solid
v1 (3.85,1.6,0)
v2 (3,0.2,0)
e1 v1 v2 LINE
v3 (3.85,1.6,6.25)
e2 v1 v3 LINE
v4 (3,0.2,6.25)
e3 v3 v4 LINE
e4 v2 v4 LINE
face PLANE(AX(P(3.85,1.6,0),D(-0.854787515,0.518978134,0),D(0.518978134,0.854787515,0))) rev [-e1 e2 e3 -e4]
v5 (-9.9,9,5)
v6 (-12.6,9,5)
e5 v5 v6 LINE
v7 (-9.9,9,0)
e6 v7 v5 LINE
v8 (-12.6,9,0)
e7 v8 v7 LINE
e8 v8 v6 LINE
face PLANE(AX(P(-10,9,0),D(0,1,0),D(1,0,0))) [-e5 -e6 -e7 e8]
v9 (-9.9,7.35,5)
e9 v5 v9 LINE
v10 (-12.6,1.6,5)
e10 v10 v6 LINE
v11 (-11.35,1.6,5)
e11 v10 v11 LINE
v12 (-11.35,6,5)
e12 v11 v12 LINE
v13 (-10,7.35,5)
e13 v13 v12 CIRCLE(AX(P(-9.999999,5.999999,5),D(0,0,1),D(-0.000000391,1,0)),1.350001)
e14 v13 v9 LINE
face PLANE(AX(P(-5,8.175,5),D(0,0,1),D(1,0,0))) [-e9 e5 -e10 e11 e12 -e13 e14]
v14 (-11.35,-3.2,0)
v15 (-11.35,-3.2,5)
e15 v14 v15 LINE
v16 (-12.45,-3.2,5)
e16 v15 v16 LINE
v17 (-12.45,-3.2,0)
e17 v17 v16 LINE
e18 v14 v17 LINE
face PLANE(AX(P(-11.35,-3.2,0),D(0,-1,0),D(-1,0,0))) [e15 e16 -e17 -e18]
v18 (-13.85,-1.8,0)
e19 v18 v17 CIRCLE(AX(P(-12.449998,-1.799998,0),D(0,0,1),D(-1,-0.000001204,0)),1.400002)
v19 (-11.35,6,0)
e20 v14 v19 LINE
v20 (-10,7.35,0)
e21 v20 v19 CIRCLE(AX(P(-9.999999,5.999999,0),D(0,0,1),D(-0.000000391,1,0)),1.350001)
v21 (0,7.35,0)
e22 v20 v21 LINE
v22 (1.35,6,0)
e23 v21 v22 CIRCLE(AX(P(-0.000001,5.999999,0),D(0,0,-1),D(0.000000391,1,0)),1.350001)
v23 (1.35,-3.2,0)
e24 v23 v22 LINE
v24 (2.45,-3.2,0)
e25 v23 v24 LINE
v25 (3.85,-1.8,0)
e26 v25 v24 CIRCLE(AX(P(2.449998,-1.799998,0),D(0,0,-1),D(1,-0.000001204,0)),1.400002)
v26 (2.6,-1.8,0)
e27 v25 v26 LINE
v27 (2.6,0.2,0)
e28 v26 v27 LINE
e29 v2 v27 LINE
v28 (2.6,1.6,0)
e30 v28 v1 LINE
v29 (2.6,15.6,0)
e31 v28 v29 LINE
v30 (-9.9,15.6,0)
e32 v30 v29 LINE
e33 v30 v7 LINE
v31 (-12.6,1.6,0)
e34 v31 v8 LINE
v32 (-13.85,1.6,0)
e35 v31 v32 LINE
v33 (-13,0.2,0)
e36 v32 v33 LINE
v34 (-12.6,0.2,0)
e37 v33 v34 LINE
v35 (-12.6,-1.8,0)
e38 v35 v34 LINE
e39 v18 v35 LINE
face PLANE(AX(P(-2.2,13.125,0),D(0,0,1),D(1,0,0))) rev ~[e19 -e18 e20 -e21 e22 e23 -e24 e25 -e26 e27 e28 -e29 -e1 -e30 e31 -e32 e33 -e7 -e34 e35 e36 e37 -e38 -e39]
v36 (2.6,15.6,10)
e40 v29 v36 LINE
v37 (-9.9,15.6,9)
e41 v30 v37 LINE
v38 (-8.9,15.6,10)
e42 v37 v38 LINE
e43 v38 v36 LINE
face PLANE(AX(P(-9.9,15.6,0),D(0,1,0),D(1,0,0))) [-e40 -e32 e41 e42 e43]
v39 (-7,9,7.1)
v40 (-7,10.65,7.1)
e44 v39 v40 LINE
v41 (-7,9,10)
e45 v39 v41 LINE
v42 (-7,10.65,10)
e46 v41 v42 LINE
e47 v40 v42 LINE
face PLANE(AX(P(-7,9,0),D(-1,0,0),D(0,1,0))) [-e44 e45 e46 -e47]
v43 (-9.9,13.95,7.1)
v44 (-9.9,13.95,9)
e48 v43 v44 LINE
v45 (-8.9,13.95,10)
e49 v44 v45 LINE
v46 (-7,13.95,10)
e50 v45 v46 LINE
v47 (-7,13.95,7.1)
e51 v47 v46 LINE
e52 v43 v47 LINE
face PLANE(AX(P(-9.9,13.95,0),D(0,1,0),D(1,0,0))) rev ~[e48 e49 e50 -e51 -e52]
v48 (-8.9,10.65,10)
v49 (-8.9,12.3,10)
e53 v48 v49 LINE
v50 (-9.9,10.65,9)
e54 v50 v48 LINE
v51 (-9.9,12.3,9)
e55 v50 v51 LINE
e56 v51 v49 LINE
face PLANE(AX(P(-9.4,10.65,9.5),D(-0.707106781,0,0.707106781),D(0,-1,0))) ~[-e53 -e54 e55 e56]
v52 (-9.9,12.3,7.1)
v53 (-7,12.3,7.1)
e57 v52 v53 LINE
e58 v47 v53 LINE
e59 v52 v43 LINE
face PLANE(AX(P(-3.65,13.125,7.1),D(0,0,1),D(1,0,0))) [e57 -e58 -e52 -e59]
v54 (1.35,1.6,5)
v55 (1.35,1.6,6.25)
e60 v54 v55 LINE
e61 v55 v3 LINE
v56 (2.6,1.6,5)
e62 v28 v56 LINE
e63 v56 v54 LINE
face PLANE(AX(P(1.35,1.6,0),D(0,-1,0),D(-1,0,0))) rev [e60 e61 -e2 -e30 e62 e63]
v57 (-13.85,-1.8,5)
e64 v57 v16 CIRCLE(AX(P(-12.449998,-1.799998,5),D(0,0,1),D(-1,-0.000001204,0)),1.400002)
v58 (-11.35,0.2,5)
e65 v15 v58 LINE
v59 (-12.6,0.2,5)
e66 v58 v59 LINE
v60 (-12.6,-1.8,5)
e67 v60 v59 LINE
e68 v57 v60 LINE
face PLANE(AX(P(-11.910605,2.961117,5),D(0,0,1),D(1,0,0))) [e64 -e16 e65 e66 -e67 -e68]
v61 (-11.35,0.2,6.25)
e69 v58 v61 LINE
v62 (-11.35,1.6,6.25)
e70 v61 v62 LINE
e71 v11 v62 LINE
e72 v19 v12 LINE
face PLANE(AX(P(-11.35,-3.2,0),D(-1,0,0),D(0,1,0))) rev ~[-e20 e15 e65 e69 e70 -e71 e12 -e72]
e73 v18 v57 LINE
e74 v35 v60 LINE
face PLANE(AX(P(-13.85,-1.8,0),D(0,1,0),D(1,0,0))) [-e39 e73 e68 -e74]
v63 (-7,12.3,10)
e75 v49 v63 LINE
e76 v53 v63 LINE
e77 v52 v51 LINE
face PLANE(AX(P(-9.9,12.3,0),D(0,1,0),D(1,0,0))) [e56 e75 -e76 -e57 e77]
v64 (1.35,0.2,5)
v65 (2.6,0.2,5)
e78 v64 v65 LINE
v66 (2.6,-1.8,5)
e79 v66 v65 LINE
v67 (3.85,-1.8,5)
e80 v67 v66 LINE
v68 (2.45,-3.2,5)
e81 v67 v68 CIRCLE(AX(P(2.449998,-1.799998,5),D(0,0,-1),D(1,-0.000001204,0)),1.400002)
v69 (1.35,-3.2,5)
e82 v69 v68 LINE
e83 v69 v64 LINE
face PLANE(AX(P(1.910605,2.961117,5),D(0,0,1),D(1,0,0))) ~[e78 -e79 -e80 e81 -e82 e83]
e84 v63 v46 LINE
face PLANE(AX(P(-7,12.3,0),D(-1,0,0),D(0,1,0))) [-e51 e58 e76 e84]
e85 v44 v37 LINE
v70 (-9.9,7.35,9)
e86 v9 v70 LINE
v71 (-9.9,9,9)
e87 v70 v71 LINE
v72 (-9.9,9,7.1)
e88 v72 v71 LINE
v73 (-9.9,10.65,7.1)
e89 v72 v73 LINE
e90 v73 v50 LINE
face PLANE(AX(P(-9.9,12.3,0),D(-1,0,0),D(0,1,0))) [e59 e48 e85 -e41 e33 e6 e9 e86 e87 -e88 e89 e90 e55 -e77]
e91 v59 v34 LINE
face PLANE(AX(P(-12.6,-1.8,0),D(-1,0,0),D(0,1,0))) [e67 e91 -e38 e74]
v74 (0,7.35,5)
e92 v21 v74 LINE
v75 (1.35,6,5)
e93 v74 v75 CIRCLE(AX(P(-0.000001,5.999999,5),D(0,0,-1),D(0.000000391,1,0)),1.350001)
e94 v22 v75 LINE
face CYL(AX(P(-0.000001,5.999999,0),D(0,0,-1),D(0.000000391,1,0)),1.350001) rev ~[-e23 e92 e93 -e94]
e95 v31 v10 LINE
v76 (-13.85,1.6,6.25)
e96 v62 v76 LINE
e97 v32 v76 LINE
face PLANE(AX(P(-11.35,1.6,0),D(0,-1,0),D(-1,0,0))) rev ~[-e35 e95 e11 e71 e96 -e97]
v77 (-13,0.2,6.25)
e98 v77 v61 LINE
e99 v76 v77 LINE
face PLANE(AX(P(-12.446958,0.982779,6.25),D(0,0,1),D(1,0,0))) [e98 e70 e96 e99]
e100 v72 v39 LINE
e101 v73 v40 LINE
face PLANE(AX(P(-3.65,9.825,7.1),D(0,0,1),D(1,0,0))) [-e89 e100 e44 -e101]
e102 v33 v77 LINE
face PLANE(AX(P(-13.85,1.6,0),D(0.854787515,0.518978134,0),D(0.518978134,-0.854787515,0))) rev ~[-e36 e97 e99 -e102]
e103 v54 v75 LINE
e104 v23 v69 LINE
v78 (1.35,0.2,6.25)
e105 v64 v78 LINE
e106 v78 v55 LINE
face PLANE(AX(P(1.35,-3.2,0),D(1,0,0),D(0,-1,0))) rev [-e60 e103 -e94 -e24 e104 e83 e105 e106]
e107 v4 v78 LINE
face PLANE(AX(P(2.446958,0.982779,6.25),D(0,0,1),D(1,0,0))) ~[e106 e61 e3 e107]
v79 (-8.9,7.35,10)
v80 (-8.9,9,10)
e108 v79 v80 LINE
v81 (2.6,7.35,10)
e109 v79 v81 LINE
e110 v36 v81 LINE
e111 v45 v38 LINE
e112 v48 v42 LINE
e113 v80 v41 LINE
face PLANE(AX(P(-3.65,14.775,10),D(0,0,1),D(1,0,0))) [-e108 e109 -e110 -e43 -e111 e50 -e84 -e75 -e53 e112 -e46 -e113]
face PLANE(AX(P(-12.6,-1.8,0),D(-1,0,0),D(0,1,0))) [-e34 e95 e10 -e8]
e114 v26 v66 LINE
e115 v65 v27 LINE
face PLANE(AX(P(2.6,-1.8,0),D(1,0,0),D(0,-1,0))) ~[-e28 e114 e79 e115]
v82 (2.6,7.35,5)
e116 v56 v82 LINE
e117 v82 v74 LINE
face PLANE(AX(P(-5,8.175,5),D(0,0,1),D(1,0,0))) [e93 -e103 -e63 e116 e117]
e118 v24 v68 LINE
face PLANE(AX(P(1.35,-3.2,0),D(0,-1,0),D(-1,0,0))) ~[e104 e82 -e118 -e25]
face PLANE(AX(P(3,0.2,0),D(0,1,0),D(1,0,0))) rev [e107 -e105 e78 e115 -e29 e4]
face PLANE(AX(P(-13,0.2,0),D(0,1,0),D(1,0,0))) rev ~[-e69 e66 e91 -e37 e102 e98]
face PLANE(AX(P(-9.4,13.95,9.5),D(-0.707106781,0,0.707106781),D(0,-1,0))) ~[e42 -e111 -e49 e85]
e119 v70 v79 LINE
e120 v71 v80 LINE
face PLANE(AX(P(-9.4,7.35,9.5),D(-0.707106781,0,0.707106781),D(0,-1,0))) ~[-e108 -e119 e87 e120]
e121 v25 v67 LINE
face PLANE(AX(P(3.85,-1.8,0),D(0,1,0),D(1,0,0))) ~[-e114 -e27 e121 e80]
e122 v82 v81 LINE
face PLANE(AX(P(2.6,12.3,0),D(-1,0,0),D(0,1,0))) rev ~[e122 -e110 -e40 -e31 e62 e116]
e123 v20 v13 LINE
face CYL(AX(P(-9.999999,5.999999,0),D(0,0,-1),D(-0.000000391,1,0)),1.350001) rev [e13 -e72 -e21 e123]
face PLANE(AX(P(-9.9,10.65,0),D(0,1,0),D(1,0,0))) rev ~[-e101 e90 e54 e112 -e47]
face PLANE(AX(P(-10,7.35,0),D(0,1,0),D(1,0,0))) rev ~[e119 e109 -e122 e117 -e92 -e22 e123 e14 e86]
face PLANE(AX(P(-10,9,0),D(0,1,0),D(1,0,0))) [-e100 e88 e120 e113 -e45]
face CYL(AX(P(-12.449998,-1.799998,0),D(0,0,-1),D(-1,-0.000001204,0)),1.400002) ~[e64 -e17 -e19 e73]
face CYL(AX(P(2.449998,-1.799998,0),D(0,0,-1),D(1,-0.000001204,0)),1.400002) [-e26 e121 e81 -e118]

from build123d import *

# Parameters (mm, degrees)
PAD017_DEPTH           = 5
PAD020_DEPTH           = 6.25
SKETCH038_W            = 10
SKETCH038_H            = 1.65
PAD021_DEPTH           = 5
SKETCH078_W            = 12.5
SKETCH078_H            = 1.65
PAD047_DEPTH           = 10
SKETCH076_W            = 9.6
SKETCH076_H            = 1.65
PAD048_DEPTH           = 10
SKETCH075_W            = 12.5
SKETCH075_H            = 1.65
PAD049_DEPTH           = 7.1
SKETCH077_W            = 12.5
SKETCH077_H            = 1.65
PAD050_DEPTH           = 10
LINEARPATTERN017_COUNT = 2
LINEARPATTERN017_PITCH = 3.3
CHAMFER007_SIZE        = 1


with BuildPart() as bc_c:
    # Sketch034 → Pad017 (new body)
    with BuildSketch(Plane.XY):
        with BuildLine():
            Line((-1.35, -1.8), (-1.35, 6))
            ThreePointArc((0, 7.35), (-0.954594, 6.954594), (-1.35, 6))
            Line((0, 9), (0, 7.35))
            Line((-2.6, 9), (0, 9))
            Line((-2.6, -1.8), (-2.6, 9))
            Line((-3.85, -1.8), (-2.6, -1.8))
            ThreePointArc((-3.85, -1.8), (-3.439949, -2.789949), (-2.45, -3.2))
            Line((-1.35, -3.2), (-2.45, -3.2))
            Line((-1.35, -1.8), (-1.35, -3.2))
        make_face()
    extrude(amount=PAD017_DEPTH)

    # Sketch037 → Pad020 (join)
    with BuildSketch(Plane.XY):
        Polygon((-1.35, 0.2), (-1.35, 1.6), (-2.6, 1.6), (-3.85, 1.6), (-3, 0.2), (-2.6, 0.2), align=None)
    extrude(amount=PAD020_DEPTH)


with BuildPart() as body032:
    # Mirror002: instance of _bc_c
    add(bc_c.part.mirror(Plane(origin=(5, 0, 0), x_dir=(0, 1, 0), z_dir=(-1, 0, 0))))

    # Fusion002: union _bc_c
    add(bc_c.part)


with BuildPart() as body032_1:
    # Clone003 placement: moved
    add(body032.part.moved(Location((-5, 0, 0))))

    # Sketch038 → Pad021 (new body)
    with BuildSketch(Plane.XY):
        with Locations((0, 8.175)):
            Rectangle(SKETCH038_W, SKETCH038_H)
    extrude(amount=PAD021_DEPTH)

    # Sketch078 → Pad047 (new body)
    with BuildSketch(Plane.XY):
        with Locations((1.35, 8.175)):
            Rectangle(SKETCH078_W, SKETCH078_H)
    extrude(amount=PAD047_DEPTH)

    # Sketch076 → Pad048 (join)
    with BuildSketch(Plane.XY):
        with Locations((2.8, 9.825)):
            Rectangle(SKETCH076_W, SKETCH076_H)
    pad048 = extrude(amount=PAD048_DEPTH)

    # Sketch075 → Pad049 (join)
    with BuildSketch(Plane.XY):
        with Locations((1.35, 9.825)):
            Rectangle(SKETCH075_W, SKETCH075_H)
    pad049 = extrude(amount=PAD049_DEPTH)

    # Sketch077 → Pad050 (join)
    with BuildSketch(Plane.XY):
        with Locations((1.35, 11.475)):
            Rectangle(SKETCH077_W, SKETCH077_H)
    pad050 = extrude(amount=PAD050_DEPTH)

    # LinearPattern017: Pad050, Pad049, Pad048 ×2
    with Locations(*[(0, i * LINEARPATTERN017_PITCH, 0) for i in range(1, LINEARPATTERN017_COUNT)]):
        add(pad050)
        add(pad049)
        add(pad048)

    # Chamfer007
    chamfer007_edges = [body032_1.edges().sort_by_distance(p)[0] for p in [
        (-4.9, 8.175, 10),
        (-4.9, 11.475, 10),
        (-4.9, 14.775, 10),
    ]]
    chamfer(chamfer007_edges, length=CHAMFER007_SIZE)


with BuildPart() as body032_2:
    # Body032 placement: moved
    add(body032_1.part.moved(Location((-5, 0, 0))))


solid = body032_2.part
